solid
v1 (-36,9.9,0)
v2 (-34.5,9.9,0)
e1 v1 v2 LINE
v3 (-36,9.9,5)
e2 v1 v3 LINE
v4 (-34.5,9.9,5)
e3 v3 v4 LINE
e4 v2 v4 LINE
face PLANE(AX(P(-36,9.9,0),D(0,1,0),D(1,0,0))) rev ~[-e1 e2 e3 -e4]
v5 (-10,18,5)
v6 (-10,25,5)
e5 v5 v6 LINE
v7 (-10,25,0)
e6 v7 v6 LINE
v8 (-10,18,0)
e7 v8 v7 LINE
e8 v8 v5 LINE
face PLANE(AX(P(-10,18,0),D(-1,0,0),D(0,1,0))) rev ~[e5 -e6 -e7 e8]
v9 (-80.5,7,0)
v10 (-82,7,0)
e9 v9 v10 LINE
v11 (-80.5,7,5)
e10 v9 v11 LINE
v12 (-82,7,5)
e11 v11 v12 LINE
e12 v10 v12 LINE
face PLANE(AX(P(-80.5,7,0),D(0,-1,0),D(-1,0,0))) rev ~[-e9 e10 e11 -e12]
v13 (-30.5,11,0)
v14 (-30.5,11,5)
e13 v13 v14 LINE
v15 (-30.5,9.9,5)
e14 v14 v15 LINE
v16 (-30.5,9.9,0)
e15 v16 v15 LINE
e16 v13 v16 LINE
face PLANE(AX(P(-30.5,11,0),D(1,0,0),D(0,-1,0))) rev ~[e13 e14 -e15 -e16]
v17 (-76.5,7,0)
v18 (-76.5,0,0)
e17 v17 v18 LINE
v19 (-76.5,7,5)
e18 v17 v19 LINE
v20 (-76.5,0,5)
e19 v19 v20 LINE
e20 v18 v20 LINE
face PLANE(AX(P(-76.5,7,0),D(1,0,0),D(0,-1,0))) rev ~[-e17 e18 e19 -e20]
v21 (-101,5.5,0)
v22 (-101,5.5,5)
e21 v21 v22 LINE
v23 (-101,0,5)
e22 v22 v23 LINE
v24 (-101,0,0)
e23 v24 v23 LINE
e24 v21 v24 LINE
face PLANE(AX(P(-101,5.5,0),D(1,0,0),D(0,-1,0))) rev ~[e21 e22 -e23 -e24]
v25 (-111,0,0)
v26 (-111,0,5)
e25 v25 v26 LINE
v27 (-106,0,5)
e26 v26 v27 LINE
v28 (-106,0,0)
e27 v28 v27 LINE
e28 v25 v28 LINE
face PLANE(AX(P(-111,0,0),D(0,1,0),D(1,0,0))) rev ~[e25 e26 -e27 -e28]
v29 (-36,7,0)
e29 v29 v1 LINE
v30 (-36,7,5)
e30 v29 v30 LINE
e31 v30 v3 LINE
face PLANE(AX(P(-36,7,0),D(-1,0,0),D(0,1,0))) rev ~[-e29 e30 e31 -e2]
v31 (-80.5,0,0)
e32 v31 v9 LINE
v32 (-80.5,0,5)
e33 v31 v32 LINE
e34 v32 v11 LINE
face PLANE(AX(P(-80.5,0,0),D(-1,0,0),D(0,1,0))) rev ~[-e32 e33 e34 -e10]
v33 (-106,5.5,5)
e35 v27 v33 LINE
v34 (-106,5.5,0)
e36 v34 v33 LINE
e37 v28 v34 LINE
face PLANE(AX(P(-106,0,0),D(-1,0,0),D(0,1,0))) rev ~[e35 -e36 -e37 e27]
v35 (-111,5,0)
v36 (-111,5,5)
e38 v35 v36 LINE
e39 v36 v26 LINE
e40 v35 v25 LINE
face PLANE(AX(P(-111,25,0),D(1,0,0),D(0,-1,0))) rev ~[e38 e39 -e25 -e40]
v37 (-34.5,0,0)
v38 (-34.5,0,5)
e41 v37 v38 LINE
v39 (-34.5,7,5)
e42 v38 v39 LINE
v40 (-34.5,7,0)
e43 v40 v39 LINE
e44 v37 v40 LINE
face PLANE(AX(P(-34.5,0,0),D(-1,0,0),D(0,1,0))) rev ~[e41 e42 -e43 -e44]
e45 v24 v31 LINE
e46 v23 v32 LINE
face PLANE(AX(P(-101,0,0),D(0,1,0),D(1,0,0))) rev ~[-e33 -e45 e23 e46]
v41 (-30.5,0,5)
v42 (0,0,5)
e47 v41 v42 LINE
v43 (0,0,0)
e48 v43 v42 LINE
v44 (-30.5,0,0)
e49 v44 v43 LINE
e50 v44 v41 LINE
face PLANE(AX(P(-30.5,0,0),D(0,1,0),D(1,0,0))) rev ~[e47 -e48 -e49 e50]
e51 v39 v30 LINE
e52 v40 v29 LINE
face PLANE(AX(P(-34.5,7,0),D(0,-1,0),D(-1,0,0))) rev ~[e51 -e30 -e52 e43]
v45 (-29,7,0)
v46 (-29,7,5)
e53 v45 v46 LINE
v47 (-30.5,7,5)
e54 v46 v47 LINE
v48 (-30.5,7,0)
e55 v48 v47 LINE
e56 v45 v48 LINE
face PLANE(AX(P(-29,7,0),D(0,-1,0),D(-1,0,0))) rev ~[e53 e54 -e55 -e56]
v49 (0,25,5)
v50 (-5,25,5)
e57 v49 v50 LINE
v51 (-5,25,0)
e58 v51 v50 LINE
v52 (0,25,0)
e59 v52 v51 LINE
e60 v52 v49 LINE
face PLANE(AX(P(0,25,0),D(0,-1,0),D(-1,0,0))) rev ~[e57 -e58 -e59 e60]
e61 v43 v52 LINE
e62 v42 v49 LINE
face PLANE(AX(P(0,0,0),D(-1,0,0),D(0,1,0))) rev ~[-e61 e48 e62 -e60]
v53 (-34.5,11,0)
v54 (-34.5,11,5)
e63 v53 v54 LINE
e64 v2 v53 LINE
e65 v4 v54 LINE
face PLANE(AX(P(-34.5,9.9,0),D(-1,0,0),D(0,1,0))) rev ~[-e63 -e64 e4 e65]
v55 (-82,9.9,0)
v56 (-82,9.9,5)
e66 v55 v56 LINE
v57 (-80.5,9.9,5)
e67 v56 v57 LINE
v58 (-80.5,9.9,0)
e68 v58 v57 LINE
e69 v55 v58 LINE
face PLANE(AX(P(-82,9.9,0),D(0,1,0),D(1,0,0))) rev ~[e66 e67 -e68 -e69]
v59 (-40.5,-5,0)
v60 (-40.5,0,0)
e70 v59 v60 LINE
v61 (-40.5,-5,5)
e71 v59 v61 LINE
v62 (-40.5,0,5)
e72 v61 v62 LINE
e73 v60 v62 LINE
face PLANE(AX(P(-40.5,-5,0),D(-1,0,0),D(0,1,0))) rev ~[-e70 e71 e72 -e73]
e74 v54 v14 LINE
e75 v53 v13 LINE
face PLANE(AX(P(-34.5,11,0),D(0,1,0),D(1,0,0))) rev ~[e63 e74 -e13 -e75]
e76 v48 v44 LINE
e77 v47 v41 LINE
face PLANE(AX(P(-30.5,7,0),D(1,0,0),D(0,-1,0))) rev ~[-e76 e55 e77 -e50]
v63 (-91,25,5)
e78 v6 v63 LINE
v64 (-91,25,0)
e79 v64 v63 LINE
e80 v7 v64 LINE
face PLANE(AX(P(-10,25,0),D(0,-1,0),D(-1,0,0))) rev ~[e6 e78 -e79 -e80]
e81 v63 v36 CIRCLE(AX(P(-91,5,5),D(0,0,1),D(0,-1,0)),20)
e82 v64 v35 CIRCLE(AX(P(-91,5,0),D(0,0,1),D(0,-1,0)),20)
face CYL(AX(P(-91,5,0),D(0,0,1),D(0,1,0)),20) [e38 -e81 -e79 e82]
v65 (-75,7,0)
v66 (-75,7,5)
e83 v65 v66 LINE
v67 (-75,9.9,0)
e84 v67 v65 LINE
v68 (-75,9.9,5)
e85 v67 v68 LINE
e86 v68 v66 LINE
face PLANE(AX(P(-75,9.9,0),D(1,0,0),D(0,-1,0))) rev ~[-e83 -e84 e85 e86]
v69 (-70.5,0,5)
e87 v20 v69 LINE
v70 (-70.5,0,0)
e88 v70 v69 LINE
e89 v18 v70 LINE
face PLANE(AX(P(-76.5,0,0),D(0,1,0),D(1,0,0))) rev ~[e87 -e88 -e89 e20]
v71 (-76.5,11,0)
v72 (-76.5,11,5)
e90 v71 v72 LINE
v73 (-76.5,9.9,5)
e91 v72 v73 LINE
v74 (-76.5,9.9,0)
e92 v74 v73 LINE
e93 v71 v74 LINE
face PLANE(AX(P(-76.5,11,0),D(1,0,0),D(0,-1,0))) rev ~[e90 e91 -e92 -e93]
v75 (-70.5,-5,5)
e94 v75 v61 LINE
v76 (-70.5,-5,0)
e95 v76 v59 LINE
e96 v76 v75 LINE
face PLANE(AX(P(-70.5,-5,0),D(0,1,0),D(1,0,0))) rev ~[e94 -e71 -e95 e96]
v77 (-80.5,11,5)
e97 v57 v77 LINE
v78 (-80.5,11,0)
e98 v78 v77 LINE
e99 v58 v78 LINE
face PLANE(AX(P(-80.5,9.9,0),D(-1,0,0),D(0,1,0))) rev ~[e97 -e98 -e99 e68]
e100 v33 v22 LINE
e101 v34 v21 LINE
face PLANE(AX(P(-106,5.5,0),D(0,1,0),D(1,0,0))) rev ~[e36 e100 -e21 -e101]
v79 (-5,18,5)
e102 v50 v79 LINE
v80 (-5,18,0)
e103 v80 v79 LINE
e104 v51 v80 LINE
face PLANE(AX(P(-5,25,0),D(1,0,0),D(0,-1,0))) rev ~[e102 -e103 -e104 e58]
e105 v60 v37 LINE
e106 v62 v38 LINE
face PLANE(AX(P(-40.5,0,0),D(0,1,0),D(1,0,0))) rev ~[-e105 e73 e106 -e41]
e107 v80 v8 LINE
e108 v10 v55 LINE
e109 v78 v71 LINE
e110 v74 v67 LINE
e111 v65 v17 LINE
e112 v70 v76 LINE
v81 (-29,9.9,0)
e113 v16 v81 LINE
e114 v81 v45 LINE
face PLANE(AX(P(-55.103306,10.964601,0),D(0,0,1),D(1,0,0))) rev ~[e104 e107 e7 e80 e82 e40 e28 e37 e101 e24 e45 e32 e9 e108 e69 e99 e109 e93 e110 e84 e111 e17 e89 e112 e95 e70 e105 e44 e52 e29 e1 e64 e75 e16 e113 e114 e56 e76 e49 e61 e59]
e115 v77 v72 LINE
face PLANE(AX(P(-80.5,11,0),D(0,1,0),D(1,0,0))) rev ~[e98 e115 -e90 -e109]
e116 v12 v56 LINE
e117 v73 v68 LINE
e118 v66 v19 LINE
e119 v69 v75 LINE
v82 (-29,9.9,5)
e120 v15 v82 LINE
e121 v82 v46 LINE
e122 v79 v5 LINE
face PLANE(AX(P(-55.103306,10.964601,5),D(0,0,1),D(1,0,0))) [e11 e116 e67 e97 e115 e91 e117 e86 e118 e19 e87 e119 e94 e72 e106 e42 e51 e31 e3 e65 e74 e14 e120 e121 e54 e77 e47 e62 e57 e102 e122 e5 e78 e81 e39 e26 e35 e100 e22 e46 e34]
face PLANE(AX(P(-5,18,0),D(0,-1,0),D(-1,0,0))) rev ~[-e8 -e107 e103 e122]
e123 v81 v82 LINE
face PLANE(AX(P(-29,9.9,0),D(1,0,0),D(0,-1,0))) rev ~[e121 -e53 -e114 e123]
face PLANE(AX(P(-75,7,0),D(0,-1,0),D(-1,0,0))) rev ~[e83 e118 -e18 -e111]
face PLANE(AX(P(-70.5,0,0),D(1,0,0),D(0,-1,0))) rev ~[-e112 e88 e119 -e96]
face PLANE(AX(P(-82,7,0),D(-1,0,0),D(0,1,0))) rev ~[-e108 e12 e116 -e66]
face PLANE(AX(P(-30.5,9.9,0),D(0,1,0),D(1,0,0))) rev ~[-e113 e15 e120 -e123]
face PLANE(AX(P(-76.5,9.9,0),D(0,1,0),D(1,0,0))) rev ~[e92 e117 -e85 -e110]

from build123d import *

# Parameters (mm, degrees)
EXTRUDE_1_DEPTH = 5
FILLET_1_R      = 20


with BuildPart() as part:
    # 草图1 → 凸台-拉伸1 (new body)
    with BuildSketch(Plane.XY):
        Polygon((-101, 0), (-80.5, 0), (-80.5, 7), (-82, 7), (-82, 9.9), (-80.5, 9.9), (-80.5, 11), (-76.5, 11), (-76.5, 9.9), (-75, 9.9), (-75, 7), (-76.5, 7), (-76.5, 0), (-70.5, 0), (-70.5, -5), (-40.5, -5), (-40.5, 0), (-34.5, 0), (-34.5, 7), (-36, 7), (-36, 9.9), (-34.5, 9.9), (-34.5, 11), (-30.5, 11), (-30.5, 9.9), (-29, 9.9), (-29, 7), (-30.5, 7), (-30.5, 0), (0, 0), (0, 25), (-5, 25), (-5, 18), (-10, 18), (-10, 25), (-111, 25), (-111, 0), (-106, 0), (-106, 5.5), (-101, 5.5), align=None)
    extrude(amount=EXTRUDE_1_DEPTH)

    # 圆角1
    fillet_1_edges = [part.edges().sort_by_distance(p)[0] for p in [
        (-111, 25, 2.5),
    ]]
    fillet(fillet_1_edges, radius=FILLET_1_R)


solid = part.part
